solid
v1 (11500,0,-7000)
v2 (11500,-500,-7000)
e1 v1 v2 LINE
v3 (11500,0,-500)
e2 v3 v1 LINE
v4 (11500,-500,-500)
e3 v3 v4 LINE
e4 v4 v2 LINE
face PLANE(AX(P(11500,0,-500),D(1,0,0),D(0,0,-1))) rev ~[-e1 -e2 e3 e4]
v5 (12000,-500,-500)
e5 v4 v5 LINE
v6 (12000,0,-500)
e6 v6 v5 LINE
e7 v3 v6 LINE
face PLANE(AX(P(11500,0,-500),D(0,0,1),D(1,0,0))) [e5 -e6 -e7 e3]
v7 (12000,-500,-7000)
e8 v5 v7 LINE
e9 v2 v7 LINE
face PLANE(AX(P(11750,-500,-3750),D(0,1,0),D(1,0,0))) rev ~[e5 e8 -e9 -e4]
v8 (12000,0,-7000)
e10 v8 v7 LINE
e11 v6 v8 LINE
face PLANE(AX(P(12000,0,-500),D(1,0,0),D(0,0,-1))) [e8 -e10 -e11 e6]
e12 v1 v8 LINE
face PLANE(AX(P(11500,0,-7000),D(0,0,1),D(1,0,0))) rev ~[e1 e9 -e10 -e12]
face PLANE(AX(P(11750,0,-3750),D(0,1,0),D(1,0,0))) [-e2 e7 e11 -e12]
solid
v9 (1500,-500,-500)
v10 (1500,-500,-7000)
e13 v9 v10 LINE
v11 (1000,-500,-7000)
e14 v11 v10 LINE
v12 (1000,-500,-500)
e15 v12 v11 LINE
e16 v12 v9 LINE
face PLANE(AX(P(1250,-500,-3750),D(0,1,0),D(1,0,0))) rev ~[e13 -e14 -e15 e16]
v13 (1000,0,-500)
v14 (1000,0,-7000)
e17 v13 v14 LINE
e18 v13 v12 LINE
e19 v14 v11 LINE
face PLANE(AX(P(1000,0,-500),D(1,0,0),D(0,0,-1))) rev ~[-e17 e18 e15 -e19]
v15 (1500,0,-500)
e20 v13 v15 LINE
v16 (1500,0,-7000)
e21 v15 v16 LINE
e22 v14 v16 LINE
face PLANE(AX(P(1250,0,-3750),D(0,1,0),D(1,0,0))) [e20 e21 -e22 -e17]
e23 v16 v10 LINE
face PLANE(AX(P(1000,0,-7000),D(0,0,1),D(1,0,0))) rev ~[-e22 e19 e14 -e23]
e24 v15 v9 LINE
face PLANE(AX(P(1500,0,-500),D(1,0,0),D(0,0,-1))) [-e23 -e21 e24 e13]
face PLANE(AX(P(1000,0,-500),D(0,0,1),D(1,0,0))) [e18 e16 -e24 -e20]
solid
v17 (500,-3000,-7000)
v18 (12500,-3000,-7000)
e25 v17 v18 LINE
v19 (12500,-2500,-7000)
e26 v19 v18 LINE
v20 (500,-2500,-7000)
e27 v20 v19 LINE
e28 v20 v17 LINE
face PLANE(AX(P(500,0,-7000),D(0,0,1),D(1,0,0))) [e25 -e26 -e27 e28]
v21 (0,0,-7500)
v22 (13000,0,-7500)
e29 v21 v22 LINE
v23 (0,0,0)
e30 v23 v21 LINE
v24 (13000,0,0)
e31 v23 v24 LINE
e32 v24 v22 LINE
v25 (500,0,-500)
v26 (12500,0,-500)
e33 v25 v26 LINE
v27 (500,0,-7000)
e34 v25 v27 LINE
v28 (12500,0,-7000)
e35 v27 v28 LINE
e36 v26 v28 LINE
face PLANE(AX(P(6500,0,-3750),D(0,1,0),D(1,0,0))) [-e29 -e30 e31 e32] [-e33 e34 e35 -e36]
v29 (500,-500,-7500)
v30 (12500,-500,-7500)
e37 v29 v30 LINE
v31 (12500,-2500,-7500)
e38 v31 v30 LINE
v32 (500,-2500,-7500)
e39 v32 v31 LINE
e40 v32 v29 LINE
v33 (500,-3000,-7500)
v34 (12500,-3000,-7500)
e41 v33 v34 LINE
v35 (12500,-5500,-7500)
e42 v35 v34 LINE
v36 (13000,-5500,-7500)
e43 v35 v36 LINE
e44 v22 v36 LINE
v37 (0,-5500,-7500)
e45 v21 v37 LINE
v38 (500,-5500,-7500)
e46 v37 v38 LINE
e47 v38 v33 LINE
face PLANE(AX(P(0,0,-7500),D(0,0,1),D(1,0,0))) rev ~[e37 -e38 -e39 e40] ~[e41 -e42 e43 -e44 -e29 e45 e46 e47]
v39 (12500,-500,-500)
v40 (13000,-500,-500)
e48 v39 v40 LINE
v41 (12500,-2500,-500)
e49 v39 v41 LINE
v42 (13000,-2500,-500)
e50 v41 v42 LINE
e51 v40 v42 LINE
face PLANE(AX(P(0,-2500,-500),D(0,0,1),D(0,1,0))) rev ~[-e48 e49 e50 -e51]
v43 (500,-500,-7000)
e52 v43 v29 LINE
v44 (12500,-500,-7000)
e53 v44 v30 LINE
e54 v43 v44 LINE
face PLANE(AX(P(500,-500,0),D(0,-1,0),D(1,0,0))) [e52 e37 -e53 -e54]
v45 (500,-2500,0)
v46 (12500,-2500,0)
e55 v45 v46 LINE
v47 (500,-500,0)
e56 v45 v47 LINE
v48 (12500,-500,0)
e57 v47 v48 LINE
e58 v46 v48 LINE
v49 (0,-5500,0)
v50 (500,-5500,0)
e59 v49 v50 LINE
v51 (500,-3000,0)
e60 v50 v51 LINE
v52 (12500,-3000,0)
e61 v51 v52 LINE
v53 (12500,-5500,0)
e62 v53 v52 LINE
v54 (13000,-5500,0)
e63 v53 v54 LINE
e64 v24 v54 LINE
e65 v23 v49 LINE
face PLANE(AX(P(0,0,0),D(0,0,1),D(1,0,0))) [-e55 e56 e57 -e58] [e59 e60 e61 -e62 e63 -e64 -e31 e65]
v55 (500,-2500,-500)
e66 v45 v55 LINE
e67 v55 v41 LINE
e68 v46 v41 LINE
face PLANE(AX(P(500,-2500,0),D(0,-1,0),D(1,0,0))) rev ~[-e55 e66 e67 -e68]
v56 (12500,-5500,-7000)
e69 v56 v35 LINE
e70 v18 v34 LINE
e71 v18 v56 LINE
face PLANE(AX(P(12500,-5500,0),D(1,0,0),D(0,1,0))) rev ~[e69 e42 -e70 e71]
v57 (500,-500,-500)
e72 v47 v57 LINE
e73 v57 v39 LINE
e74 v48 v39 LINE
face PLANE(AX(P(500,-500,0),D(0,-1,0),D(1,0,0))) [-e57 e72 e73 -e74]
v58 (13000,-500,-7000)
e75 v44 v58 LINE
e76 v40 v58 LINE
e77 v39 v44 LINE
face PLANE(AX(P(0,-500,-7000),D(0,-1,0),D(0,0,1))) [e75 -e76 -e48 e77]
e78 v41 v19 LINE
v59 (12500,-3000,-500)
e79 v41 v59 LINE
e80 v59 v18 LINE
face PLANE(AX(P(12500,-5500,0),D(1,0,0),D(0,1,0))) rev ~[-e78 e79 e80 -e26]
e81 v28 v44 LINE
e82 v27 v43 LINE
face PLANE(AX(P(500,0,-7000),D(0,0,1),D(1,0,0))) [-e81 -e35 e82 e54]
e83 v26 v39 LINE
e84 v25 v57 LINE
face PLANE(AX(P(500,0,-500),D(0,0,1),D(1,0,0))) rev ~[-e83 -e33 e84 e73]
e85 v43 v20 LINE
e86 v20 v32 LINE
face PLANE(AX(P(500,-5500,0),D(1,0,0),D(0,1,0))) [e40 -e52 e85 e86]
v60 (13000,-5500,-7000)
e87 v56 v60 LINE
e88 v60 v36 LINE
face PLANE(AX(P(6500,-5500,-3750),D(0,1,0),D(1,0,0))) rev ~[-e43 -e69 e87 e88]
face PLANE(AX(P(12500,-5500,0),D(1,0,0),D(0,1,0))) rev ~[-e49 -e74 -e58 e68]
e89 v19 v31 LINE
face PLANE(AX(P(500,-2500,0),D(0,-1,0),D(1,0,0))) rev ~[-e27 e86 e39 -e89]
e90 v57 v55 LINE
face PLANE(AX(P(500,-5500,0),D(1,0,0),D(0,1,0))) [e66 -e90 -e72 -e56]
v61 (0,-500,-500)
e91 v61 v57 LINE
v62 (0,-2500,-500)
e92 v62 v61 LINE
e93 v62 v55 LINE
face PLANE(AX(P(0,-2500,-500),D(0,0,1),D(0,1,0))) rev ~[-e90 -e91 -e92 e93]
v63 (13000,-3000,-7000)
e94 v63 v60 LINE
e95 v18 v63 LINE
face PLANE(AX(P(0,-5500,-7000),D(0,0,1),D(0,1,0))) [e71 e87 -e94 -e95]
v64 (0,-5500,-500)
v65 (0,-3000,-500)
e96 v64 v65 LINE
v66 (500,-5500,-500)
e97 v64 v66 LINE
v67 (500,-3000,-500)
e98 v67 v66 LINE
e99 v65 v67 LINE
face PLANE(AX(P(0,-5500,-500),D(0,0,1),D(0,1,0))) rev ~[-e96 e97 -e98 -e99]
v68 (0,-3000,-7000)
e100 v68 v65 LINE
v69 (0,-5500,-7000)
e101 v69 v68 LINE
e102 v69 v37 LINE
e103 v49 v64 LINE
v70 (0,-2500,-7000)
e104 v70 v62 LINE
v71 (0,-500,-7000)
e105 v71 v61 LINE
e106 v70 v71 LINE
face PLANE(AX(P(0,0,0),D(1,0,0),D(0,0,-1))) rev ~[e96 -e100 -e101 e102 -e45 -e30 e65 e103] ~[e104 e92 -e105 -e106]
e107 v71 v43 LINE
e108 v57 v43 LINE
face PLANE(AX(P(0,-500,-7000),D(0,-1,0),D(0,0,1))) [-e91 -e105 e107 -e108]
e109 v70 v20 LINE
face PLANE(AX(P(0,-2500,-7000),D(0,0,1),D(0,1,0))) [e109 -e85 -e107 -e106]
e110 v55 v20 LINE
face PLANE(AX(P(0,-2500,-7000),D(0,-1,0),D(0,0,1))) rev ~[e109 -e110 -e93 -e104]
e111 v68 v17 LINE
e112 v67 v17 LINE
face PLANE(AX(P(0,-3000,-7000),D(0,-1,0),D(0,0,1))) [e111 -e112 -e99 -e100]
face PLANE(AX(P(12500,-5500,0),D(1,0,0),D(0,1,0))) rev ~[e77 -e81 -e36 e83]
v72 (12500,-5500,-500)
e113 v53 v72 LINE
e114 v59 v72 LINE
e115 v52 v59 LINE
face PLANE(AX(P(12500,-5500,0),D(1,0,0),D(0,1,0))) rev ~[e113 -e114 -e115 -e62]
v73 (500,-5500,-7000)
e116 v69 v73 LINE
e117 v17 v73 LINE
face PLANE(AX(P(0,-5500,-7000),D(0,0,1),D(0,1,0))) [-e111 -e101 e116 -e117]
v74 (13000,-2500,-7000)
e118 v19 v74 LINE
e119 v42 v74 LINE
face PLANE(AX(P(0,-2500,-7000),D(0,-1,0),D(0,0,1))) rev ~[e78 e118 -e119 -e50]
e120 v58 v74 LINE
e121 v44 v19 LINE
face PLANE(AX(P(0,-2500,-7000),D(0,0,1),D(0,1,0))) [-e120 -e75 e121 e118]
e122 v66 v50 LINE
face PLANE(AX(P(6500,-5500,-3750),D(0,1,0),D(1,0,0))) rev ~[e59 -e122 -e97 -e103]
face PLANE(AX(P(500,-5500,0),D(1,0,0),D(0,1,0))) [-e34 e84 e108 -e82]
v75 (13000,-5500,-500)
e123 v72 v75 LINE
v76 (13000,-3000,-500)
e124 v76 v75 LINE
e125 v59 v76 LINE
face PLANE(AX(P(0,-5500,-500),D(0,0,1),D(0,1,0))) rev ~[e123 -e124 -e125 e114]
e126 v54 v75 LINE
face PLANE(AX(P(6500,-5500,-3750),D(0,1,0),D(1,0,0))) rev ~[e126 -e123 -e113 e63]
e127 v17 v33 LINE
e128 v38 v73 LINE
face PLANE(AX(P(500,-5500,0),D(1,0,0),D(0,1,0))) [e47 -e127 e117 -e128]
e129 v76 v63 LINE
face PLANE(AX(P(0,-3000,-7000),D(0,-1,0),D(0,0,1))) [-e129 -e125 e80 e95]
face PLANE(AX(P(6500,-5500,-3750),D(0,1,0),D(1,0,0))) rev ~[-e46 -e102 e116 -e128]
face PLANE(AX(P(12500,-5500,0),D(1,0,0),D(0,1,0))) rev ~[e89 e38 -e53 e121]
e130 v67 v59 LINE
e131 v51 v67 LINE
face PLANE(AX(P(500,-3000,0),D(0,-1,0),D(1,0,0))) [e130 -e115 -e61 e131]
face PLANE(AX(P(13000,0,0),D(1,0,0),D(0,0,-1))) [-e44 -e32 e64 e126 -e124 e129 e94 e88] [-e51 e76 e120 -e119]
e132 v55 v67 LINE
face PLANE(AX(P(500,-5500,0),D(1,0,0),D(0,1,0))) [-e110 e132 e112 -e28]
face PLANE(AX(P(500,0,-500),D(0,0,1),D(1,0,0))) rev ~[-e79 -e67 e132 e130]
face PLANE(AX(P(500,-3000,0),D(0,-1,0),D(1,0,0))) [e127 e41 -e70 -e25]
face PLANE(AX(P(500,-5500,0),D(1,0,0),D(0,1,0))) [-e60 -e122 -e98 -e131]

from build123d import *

# Parameters (mm, degrees)
ESQUISSE1_W             = 13000
ESQUISSE1_H             = 7500
ESQUISSE1_W_2           = 12000
ESQUISSE1_H_2           = 6500
BOSS_EXTRU_1_DEPTH      = 5500
ESQUISSE2_W             = 12000
ESQUISSE2_H             = 2000
ESQUISSE2_H_2           = 2500
ENL_V_MAT_EXTRU_1_DEPTH = 15985.367363146
ESQUISSE3_W             = 6500
ESQUISSE3_H             = 2000
ESQUISSE3_H_2           = 2500
ENL_V_MAT_EXTRU_2_DEPTH = 15985.367363146
ESQUISSE4_W             = 500
ESQUISSE4_H             = 6500
BOSS_EXTRU_2_DEPTH      = 500
BOSS_EXTRU_2_2_DEPTH    = 500


with BuildPart() as part:
    # Esquisse1 → Boss.-Extru.1 (new body)
    with BuildSketch(Plane(origin=(0, 0, 0), x_dir=(1, 0, 0), z_dir=(0, 1, 0))):
        with Locations((6500, 3750)):
            Rectangle(ESQUISSE1_W, ESQUISSE1_H)
        with Locations((6500, 3750)):
            Rectangle(ESQUISSE1_W_2, ESQUISSE1_H_2, mode=Mode.SUBTRACT)
    extrude(amount=-BOSS_EXTRU_1_DEPTH)

    # Esquisse2 → Enlèv. mat.-Extru.1 (cut, through all)
    with BuildSketch(Plane.XY):
        with Locations((6500, -1500)):
            Rectangle(ESQUISSE2_W, ESQUISSE2_H)
        with Locations((6500, -4250)):
            Rectangle(ESQUISSE2_W, ESQUISSE2_H_2)
    extrude(amount=-ENL_V_MAT_EXTRU_1_DEPTH, mode=Mode.SUBTRACT)

    # Esquisse3 → Enlèv. mat.-Extru.2 (cut, through all)
    with BuildSketch(Plane.ZY):
        with Locations((-3750, -1500)):
            Rectangle(ESQUISSE3_W, ESQUISSE3_H)
        with Locations((-3750, -4250)):
            Rectangle(ESQUISSE3_W, ESQUISSE3_H_2)
    extrude(amount=-ENL_V_MAT_EXTRU_2_DEPTH, mode=Mode.SUBTRACT)


with BuildPart() as body_2:
    # Esquisse4 → Boss.-Extru.2 (new body)
    with BuildSketch(Plane(origin=(0, 0, 0), x_dir=(1, 0, 0), z_dir=(0, 1, 0))):
        with Locations((1250, 3750)):
            Rectangle(ESQUISSE4_W, ESQUISSE4_H)
    extrude(amount=-BOSS_EXTRU_2_DEPTH)


with BuildPart() as body_3:
    # Esquisse4 → Boss.-Extru.2 2 (new body)
    with BuildSketch(Plane(origin=(0, 0, 0), x_dir=(1, 0, 0), z_dir=(0, 1, 0))):
        with Locations((11750, 3750)):
            Rectangle(ESQUISSE4_W, ESQUISSE4_H)
    extrude(amount=-BOSS_EXTRU_2_2_DEPTH)


solid = Compound([part.part, body_2.part, body_3.part])
